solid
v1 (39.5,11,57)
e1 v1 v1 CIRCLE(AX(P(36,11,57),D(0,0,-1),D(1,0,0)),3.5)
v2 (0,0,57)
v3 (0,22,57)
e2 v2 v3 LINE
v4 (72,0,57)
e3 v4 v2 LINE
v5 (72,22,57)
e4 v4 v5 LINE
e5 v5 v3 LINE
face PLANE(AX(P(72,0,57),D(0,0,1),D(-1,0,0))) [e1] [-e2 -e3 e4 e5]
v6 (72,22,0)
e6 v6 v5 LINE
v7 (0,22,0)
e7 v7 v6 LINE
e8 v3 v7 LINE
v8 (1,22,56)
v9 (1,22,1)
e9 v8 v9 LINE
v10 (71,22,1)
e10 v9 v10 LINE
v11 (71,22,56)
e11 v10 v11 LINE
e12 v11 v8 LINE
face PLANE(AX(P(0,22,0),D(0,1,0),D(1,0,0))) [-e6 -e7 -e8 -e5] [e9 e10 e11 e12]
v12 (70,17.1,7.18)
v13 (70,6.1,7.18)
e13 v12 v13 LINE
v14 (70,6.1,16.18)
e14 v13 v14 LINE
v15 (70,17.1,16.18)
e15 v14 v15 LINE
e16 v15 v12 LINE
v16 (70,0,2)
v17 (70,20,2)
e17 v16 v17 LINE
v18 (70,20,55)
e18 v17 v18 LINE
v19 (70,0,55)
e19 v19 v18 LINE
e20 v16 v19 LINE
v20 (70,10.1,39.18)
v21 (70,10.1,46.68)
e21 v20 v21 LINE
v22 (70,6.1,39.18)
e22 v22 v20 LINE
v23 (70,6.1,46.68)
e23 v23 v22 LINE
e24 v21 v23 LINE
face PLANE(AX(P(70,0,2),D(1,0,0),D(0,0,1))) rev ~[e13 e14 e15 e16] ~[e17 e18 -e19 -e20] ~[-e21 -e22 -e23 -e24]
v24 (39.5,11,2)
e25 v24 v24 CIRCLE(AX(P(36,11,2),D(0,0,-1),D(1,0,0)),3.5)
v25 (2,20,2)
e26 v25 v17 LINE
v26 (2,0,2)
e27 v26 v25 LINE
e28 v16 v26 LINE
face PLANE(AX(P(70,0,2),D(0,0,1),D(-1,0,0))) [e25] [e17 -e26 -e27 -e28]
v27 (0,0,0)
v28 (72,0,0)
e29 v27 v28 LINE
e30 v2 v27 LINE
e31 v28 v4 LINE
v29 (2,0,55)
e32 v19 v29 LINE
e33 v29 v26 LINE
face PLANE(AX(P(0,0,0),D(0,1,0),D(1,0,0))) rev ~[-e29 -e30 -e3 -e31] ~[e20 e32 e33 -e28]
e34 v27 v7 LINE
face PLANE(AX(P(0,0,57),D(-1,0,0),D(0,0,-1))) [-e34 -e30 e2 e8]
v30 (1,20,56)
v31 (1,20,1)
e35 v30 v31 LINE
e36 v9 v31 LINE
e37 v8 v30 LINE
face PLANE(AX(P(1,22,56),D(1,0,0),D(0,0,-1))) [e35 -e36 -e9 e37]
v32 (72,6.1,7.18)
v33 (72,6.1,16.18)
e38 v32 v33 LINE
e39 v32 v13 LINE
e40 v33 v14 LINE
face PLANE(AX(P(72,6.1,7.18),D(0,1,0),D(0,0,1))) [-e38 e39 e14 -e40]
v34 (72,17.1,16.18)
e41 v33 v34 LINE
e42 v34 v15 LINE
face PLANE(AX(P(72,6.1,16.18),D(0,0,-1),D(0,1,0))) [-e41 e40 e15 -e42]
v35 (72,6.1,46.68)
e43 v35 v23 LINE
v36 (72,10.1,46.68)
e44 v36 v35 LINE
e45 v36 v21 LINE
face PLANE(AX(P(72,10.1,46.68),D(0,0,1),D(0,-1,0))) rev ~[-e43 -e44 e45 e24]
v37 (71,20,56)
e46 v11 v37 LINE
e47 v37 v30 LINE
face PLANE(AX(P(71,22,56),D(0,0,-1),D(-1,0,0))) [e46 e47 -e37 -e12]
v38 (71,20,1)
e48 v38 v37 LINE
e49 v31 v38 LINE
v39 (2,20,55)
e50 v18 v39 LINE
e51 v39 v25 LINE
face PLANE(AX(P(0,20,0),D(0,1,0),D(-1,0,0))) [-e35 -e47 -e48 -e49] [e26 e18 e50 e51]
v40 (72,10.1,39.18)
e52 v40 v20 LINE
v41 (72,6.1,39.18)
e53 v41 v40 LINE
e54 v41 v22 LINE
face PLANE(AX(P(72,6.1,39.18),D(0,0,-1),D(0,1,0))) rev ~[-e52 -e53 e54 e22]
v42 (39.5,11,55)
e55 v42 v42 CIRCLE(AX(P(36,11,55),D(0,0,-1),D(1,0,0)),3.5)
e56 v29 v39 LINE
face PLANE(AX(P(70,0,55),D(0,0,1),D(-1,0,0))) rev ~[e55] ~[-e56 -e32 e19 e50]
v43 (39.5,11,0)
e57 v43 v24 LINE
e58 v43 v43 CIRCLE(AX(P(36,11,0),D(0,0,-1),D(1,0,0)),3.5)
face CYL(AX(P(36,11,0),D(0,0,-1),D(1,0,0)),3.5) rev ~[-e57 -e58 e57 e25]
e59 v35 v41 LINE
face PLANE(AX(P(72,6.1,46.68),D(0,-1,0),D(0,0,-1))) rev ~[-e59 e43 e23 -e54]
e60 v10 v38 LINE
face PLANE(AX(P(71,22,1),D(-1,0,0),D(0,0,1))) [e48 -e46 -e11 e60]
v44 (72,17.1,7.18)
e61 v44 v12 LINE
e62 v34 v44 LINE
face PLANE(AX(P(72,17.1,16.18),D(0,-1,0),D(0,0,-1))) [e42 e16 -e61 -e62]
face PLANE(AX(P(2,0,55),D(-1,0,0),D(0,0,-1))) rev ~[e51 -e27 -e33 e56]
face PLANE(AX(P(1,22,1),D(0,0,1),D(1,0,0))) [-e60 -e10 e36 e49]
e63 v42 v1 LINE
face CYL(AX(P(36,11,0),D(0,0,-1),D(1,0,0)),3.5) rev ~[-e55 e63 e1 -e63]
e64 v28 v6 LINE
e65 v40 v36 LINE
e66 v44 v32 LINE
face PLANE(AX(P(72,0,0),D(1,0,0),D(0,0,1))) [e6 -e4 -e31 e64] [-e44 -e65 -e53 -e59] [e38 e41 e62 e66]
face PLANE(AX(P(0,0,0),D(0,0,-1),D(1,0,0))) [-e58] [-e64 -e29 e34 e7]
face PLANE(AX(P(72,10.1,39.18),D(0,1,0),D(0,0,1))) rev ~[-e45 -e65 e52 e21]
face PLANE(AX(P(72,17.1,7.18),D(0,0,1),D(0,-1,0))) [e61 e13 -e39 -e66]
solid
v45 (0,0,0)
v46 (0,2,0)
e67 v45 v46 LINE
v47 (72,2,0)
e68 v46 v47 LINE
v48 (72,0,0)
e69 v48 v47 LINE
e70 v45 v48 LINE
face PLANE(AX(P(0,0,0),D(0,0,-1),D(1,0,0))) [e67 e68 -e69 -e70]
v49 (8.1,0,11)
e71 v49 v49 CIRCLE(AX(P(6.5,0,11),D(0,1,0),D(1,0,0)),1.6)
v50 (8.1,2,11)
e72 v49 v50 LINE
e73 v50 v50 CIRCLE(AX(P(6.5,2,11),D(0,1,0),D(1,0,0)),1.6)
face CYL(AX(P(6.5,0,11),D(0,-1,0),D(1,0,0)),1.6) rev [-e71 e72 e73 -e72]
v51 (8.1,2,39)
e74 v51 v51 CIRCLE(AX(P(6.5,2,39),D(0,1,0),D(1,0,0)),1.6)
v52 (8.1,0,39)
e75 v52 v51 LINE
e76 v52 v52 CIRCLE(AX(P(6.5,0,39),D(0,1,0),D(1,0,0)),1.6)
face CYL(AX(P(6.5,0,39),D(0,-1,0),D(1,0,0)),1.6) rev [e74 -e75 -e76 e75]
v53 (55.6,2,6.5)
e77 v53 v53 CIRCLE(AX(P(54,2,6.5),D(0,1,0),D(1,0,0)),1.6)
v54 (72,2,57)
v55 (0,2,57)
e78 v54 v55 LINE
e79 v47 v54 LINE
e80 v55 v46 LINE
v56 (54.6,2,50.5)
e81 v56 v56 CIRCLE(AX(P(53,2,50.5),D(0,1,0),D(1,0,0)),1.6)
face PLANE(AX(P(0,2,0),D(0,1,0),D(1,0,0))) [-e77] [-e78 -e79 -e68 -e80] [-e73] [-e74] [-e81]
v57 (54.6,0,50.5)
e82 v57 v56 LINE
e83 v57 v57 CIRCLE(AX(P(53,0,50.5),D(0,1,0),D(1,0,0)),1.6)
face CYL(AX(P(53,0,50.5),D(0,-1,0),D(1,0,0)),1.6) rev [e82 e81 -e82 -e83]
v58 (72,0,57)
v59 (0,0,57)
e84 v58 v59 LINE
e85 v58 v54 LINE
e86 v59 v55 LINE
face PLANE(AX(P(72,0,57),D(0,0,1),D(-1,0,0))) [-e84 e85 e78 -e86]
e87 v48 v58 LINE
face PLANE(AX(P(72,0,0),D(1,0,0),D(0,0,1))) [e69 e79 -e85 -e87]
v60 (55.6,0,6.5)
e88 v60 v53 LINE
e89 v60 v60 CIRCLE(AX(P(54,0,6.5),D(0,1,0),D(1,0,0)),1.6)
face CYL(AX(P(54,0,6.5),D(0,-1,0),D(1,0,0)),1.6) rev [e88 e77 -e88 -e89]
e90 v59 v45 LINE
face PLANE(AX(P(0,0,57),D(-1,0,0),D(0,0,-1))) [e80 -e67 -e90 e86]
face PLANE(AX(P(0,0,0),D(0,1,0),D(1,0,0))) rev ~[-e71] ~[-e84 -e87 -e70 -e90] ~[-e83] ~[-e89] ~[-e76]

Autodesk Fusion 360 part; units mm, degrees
sketch "Esquisse1" plane through (0, 0, 0) normal (0, 1, 0) x (1, 0, 0)
  line L0 (0, 0) -> (72, 0)
  line L1 (72, 0) -> (72, -57)
  line L2 (72, -57) -> (0, -57)
  line L3 (0, -57) -> (0, 0)
  line L4 (72, -53) -> (0, -53) construction
  line L5 (72, -4) -> (0, -4) construction
  line L6 (68, -57) -> (68, 0) construction
  line L7 (4, -57) -> (4, 0) construction
  line L8 (68, -50.5) -> (53, -50.5) construction
  circle A0 centre (53, -50.5) radius 1.6
  line L9 (6.5, -4) -> (6.5, -11) construction
  circle A1 centre (6.5, -11) radius 1.6
  line L10 (6.5, -11) -> (6.5, -39) construction
  circle A2 centre (6.5, -39) radius 1.6
  line L11 (68, -6.5) -> (54, -6.5) construction
  circle A3 centre (54, -6.5) radius 1.6
  line L12 (70, -2) -> (70, -55)
  line L13 (70, -55) -> (2, -55)
  line L14 (2, -55) -> (2, -2)
  line L15 (70, -2) -> (2, -2)
  dimension "d1" = 57
  dimension "d2" = 72
  dimension "d3" = 4
  dimension "d4" = 4
  dimension "d5" = 4
  dimension "d6" = 4
  dimension "d7" = 2.5
  dimension "d8" = 15
  dimension "d9" = 3.2
  dimension "d10" = 2.5
  dimension "d11" = 7
  dimension "d12" = 3.2
  dimension "d13" = 35
  dimension "d14" = 3.2
  dimension "d19" = 14
  dimension "d20" = 2.5
  dimension "d21" = 3.2
  dimension "d24" = 2
  dimension "d25" = 2
  dimension "d26" = 2
  dimension "d27" = 2
extrude "Extrusion1" add sketch "Esquisse1" along normal blind 2 contours L0 L1 L2 L3 | L12 L13 L14 L15 makes body 1
copy_body "Corps->Comp1" bodies 1 removing the originals makes body 2 in component "boiteArduino"
extrude "Extrusion1'" add sketch "Esquisse1" along normal blind 22 separate body contours L0 L1 L2 L3 makes body 3 in component "boiteArduino"
sketch "Esquisse1 (2)" plane through (72, 0, 0) normal (1, 0, 0) x (0, 1, 0) in component "boiteArduino"
  line L0 (0, 57) -> (0, 0)
  line L1 (0, 0) -> (22, 0)
  line L2 (22, 0) -> (22, 57)
  line L3 (22, 57) -> (0, 57)
  line L4 (6.1, 4) -> (9.3822, 4) construction
  line L5 (6.1, 4) -> (6.1, 7.18) construction
  line L6 (0, 0) -> (0, 57) construction
  line L7 (6.1, 7.18) -> (6.1, 16.18)
  line L8 (6.1, 16.18) -> (17.1, 16.18)
  line L9 (17.1, 16.18) -> (17.1, 7.18)
  line L10 (17.1, 7.18) -> (6.1, 7.18)
  dimension "d34" = 4
  dimension "d35" = 3.18
  dimension "d36" = 6.1
  dimension "d41" = 9
  dimension "d42" = 11
extrude "Extrusion2" cut sketch "Esquisse1 (2)" against normal blind 9 contours L7 L8 L9 L10 bodies 3 in component "boiteArduino"
sketch "Esquisse2" plane through (72, 0, 0) normal (1, 0, 0) x (0, 1, 0) in component "boiteArduino"
  line L0 (6.1, 16.18) -> (17.1, 16.18)
  line L1 (17.1, 16.18) -> (17.1, 7.18)
  line L2 (17.1, 7.18) -> (6.1, 7.18)
  line L3 (6.1, 7.18) -> (6.1, 16.18)
  line L4 (0, 57) -> (0, 0)
  line L5 (0, 0) -> (22, 0)
  line L6 (22, 0) -> (22, 57)
  line L7 (22, 57) -> (0, 57)
  line L8 (6.1, 16.18) -> (6.1, 39.18) construction
  line L9 (6.1, 39.18) -> (10.1, 39.18)
  line L10 (10.1, 39.18) -> (10.1, 46.68)
  line L11 (10.1, 46.68) -> (6.1, 46.68)
  line L12 (6.1, 46.68) -> (6.1, 39.18)
  dimension "d45" = 23
  dimension "d49" = 7.5
  dimension "d50" = 4
extrude "Extrusion3" cut sketch "Esquisse2" against normal blind 7 contours L9 L10 L11 L12 bodies 3 in component "boiteArduino"
sketch "Esquisse3" plane through (0, 0, 0) normal (0, 0, -1) x (1, 0, 0) in component "boiteArduino"
  line L0 (72, 0) -> (0, 0)
  line L1 (0, 0) -> (0, -22)
  line L2 (0, -22) -> (72, -22)
  line L3 (72, -22) -> (72, 0)
  line L4 (0, -11) -> (72, -11) construction
  line L5 (36, -22) -> (36, 0) construction
  circle A0 centre (36, -11) radius 3.5
  dimension "d53" = 11
  dimension "d54" = 36
  dimension "d55" = 7
extrude "Extrusion4" cut sketch "Esquisse3" against normal blind 65 contours A0 bodies 3 in component "boiteArduino"
sketch "Esquisse4" plane through (0, 22, 0) normal (0, 1, 0) x (-1, 0, 0) in component "boiteArduino"
  line L0 (-70, 2) -> (-70, 55)
  line L1 (-70, 55) -> (-2, 55)
  line L2 (-2, 55) -> (-2, 2)
  line L3 (-2, 2) -> (-70, 2)
  line L4 (0, 57) -> (-72, 57)
  line L5 (-72, 57) -> (-72, 0)
  line L6 (-72, 0) -> (0, 0)
  line L7 (0, 0) -> (0, 57)
  line L8 (-71, 56) -> (-1, 56)
  line L9 (-1, 56) -> (-1, 1)
  line L10 (-1, 1) -> (-71, 1)
  line L11 (-71, 1) -> (-71, 56)
  line L12 (-72, 57) -> (0, 57)
  dimension "d64" = 1
  dimension "d65" = 1
extrude "Extrusion5" cut sketch "Esquisse4" against normal blind 2 contours L8 L9 L10 L11 bodies 3 in component "boiteArduino"
component "boiteArduino" placed x (1, 0, 0) y (0, 1, 0) z (0, 0, 1) at (0, 0, 0)
equation "d1 = hauteurMAXoff"
equation "d2 = largeurMAXoff"
equation "d3 = offset"
equation "d4 = offset"
equation "d5 = offset"
equation "d6 = offset"
equation "d7 = distanceCoteCarteTrouVisse"
equation "d8 = distanceTrouVise1"
equation "d9 = rayonCercle"
equation "d10 = distanceCoteCarteTrouVisse"
equation "d11 = distanceTrouVise3"
equation "d12 = rayonCercle"
equation "d13 = distanceTrouVise4"
equation "d14 = rayonCercle"
equation "rayonCercle = 3.2 mm"
equation "offset = 4 mm"
equation "largeurMAXoff = 72 mm"
equation "hauteurMAXoff = 57 mm"
equation "d19 = distanceTrouVise2"
equation "d20 = distanceCoteCarteTrouVisse"
equation "d21 = rayonCercle"
equation "d22 = hauteurbase"
equation "d24 = offset / 2"
equation "d25 = offset / 2"
equation "d26 = offset / 2"
equation "d27 = offset / 2"
equation "hauteurBoite = 20 mm"
equation "hauteurbase = 2 mm"
equation "d32 = hauteurBoite + hauteurbase"
equation "d34 = offset"
equation "d36 = hauteurbase + hauteurSoudure + hauteurCarte"
equation "hauteurCarte = 1.65 mm"
equation "hauteurSoudure = 2.45 mm"
equation "largeurAlimentation = 9 mm"
equation "hauteurAlimentation = 11 mm"
equation "d41 = largeurAlimentation"
equation "d42 = hauteurAlimentation"
equation "d45 = largeurUSBalimentation"
equation "largeurUSBalimentation = 23 mm"
equation "largeurUSB = 7.5 mm"
equation "hauteurUSB = 4 mm"
equation "d49 = largeurUSB"
equation "d50 = hauteurUSB"
equation "d53 = ( hauteurbase + hauteurBoite ) / 2"
equation "d54 = largeurMAXoff / 2"
equation "d55 = cercleCable"
equation "cercleCable = 7 mm"
equation "distanceCoteCarteTrouVisse = 2.5 mm"
equation "distanceTrouVise1 = 15 mm"
equation "distanceTrouVise2 = 14 mm"
equation "distanceTrouVise3 = 7 mm"
equation "distanceTrouVise4 = 35 mm"
equation "d64 = offset / 2 / 2"
equation "d65 = offset / 2 / 2"
equation "hauteurPlexi = 2 mm"
equation "d67 = -hauteurPlexi"
